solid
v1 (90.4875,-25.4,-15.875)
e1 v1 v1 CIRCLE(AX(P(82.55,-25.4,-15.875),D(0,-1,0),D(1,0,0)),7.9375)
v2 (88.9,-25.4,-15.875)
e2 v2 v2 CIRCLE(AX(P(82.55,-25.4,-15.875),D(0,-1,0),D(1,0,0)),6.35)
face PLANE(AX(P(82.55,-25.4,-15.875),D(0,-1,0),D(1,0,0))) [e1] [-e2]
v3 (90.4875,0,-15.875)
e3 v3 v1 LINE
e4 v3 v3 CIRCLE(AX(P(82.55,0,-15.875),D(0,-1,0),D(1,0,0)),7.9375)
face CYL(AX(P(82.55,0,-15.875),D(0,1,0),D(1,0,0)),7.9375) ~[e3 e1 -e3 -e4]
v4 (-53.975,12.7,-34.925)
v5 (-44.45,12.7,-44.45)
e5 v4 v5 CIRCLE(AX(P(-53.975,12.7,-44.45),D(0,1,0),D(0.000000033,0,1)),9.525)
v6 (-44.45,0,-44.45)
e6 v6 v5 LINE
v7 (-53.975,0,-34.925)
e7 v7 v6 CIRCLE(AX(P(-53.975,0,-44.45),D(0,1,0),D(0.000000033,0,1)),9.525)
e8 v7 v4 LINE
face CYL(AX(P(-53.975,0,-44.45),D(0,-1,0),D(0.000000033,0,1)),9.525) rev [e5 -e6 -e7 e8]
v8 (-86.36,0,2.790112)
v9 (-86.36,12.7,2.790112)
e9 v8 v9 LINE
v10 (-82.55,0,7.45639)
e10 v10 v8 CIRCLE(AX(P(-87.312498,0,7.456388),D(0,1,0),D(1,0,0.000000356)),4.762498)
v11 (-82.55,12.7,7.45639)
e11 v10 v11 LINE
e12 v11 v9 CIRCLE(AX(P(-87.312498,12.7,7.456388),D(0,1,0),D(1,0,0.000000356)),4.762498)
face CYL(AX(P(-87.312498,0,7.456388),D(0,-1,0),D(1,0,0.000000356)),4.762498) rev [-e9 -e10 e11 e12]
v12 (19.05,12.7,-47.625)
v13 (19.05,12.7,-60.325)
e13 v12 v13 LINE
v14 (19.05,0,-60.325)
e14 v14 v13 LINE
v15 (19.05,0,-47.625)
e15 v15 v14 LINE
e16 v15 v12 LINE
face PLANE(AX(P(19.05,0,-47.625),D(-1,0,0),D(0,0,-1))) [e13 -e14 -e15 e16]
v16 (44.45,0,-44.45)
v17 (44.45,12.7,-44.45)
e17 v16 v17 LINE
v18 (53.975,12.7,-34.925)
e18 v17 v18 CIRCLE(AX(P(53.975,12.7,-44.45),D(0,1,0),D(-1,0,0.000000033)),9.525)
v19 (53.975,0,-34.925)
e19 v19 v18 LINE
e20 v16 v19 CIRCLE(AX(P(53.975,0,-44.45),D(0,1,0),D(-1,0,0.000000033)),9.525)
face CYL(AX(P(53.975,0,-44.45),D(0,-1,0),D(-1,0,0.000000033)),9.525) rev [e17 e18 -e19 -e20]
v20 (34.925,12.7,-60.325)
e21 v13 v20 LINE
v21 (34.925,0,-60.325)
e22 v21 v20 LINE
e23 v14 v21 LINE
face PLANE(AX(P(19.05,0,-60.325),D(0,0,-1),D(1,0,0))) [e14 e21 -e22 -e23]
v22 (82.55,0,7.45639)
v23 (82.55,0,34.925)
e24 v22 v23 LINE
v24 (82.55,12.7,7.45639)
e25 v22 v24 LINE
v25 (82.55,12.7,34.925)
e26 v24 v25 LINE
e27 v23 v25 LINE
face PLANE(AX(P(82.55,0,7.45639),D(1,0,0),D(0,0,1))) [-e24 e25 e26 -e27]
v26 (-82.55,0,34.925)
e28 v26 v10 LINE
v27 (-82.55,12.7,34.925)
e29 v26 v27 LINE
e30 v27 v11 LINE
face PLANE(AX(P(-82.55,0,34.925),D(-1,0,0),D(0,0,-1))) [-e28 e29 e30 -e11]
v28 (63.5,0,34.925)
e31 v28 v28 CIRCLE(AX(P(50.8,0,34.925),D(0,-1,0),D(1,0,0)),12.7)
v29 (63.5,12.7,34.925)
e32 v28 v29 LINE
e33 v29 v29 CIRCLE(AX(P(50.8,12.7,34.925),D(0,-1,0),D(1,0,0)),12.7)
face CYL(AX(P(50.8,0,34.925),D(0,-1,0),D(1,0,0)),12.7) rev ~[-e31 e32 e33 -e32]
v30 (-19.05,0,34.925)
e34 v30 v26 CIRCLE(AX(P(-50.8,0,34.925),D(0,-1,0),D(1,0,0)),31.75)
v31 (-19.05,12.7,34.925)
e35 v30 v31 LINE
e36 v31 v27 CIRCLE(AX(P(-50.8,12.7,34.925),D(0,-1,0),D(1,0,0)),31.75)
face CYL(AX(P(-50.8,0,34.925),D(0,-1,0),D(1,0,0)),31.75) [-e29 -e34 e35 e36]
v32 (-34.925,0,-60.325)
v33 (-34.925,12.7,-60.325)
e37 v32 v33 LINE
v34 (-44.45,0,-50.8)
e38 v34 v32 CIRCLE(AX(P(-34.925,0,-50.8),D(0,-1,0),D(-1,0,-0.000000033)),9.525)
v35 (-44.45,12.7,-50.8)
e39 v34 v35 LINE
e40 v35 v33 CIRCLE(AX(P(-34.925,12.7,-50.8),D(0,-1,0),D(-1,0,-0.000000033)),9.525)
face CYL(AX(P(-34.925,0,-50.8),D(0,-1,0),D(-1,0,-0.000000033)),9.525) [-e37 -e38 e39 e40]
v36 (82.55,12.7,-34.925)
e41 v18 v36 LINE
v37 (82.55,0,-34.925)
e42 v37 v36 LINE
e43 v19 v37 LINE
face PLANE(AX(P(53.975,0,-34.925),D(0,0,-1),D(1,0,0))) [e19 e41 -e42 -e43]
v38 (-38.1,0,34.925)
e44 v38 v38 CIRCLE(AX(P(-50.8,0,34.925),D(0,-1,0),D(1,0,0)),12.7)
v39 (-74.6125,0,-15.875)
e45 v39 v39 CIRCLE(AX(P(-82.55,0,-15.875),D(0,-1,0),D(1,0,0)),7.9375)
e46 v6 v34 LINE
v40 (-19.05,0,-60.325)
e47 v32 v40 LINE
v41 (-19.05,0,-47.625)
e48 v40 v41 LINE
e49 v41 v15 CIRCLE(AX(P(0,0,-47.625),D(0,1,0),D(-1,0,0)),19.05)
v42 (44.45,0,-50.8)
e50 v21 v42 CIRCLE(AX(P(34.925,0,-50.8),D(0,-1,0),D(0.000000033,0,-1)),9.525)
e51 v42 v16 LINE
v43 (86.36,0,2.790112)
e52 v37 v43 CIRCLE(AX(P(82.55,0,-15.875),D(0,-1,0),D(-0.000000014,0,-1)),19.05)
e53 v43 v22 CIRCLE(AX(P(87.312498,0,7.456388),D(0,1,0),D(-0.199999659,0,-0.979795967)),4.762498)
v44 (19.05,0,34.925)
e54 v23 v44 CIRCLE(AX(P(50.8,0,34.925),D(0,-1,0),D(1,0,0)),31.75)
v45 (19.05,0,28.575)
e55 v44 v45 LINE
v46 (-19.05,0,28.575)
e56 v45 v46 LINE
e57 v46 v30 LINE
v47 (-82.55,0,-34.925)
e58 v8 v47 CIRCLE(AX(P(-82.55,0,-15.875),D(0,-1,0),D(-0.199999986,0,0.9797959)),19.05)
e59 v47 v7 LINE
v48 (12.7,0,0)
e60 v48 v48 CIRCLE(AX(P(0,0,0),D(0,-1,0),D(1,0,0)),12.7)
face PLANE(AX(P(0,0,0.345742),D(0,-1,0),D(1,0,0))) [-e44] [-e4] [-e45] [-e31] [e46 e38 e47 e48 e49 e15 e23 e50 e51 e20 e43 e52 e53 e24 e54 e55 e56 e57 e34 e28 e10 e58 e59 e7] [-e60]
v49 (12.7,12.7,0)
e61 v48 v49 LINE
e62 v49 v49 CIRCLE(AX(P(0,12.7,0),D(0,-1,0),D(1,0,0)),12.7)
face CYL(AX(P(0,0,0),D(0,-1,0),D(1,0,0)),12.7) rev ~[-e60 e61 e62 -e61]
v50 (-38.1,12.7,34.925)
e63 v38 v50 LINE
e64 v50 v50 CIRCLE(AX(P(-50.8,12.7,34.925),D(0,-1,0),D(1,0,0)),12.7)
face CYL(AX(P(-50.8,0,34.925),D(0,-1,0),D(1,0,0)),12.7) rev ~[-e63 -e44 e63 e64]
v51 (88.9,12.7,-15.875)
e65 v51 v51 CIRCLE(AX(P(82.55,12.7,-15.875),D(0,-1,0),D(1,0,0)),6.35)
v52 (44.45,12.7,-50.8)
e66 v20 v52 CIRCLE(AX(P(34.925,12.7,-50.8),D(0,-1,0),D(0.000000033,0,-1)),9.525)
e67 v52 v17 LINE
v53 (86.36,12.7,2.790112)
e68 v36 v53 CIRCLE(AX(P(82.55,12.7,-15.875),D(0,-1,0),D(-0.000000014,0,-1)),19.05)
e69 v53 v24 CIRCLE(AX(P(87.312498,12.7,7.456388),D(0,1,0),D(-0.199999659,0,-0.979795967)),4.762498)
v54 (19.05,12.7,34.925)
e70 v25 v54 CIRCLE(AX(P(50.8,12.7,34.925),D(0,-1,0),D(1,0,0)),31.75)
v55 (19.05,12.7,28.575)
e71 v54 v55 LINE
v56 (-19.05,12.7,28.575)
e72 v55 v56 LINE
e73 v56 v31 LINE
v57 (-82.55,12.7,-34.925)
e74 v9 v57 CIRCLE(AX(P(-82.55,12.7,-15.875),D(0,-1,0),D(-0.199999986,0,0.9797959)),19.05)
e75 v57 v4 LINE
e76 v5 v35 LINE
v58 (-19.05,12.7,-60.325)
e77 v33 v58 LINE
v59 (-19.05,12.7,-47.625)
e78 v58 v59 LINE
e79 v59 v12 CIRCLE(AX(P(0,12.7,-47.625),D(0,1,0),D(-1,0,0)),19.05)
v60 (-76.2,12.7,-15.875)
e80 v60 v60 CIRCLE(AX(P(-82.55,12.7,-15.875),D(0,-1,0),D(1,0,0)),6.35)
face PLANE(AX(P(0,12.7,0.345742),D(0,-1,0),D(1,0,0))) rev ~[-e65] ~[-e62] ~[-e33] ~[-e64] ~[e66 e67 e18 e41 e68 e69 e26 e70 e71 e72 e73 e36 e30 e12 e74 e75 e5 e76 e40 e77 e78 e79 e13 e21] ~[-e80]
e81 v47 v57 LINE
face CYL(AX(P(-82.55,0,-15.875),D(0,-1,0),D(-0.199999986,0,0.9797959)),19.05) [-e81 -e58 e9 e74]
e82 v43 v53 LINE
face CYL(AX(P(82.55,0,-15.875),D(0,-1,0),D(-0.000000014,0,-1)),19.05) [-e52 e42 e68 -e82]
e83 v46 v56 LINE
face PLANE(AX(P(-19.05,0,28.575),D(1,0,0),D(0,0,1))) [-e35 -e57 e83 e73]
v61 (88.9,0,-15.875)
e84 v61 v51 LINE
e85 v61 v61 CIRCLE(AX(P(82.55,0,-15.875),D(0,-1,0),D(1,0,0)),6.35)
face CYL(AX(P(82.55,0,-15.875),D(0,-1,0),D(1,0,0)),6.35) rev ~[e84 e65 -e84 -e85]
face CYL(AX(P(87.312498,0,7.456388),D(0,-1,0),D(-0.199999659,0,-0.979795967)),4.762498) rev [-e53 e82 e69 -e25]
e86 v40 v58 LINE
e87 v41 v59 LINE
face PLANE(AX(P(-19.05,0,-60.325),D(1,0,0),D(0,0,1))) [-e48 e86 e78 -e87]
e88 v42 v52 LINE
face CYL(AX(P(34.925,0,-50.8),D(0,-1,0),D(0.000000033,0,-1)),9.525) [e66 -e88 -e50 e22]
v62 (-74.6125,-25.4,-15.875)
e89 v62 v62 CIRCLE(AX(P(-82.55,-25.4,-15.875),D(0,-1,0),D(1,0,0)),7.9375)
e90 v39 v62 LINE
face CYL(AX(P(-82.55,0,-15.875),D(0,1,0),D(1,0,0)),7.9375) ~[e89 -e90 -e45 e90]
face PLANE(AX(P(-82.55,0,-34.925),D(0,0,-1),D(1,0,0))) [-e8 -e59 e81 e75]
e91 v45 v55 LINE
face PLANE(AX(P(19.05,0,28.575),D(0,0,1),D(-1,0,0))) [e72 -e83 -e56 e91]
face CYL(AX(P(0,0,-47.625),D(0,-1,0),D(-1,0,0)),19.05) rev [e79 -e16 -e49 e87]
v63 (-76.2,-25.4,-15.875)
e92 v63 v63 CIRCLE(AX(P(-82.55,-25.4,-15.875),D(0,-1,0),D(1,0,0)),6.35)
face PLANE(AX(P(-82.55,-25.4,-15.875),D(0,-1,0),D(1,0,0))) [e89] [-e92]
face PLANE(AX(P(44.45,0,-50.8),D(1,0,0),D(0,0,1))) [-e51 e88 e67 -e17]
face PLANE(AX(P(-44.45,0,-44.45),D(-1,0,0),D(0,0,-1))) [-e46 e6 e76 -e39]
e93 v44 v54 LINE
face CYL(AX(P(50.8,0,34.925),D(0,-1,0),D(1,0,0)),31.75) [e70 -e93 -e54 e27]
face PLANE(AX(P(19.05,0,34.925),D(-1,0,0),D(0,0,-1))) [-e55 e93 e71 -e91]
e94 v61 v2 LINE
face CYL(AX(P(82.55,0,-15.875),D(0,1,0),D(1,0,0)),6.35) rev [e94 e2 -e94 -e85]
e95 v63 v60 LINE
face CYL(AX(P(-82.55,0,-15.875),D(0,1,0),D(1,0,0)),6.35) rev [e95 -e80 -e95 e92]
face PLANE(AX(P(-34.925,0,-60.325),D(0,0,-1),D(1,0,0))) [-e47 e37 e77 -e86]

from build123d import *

# Parameters (mm, degrees)
F0_R     = 7.9375
F0_R_2   = 12.7
F0_R_3   = 6.35
F1_DEPTH = 12.7
F2_DEPTH = 25.4


with BuildPart() as f1:
    # F0 (on Front) → F1 (new body)
    with BuildSketch(Plane.XZ):
        with BuildLine():
            Line((19.05, 34.925), (19.05, 28.575))
            Line((19.05, 28.575), (-19.05, 28.575))
            Line((-19.05, 28.575), (-19.05, 34.925))
            ThreePointArc((-19.05, 34.925), (-50.8, 66.675), (-82.55, 34.925))
            Line((-82.55, 34.925), (-82.55, 7.45639))
            ThreePointArc((-82.55, 7.45639), (-83.623483, 4.44432), (-86.36, 2.790112))
            ThreePointArc((-86.36, 2.790112), (-101.503534, -17.789696), (-82.55, -34.925))
            Line((-82.55, -34.925), (-53.975, -34.925))
            ThreePointArc((-53.975, -34.925), (-47.239808, -37.714808), (-44.45, -44.45))
            Line((-44.45, -44.45), (-44.45, -50.8))
            ThreePointArc((-44.45, -50.8), (-41.660192, -57.535192), (-34.925, -60.325))
            Line((-34.925, -60.325), (-19.05, -60.325))
            Line((-19.05, -60.325), (-19.05, -47.625))
            ThreePointArc((-19.05, -47.625), (0, -28.575), (19.05, -47.625))
            Line((19.05, -47.625), (19.05, -60.325))
            Line((19.05, -60.325), (34.925, -60.325))
            ThreePointArc((34.925, -60.325), (41.660192, -57.535192), (44.45, -50.8))
            Line((44.45, -50.8), (44.45, -44.45))
            ThreePointArc((44.45, -44.45), (47.239808, -37.714808), (53.975, -34.925))
            Line((53.975, -34.925), (82.55, -34.925))
            ThreePointArc((82.55, -34.925), (101.503534, -17.789696), (86.36, 2.790112))
            ThreePointArc((86.36, 2.790112), (83.623483, 4.44432), (82.55, 7.45639))
            Line((82.55, 7.45639), (82.55, 34.925))
            ThreePointArc((82.55, 34.925), (50.8, 66.675), (19.05, 34.925))
        make_face()
        with Locations((-82.55, -15.875)):
            Circle(F0_R, mode=Mode.SUBTRACT)
        Circle(F0_R_2, mode=Mode.SUBTRACT)
        with Locations((82.55, -15.875)):
            Circle(F0_R, mode=Mode.SUBTRACT)
        with Locations((-50.8, 34.925)):
            Circle(F0_R_2, mode=Mode.SUBTRACT)
        with Locations((50.8, 34.925)):
            Circle(F0_R_2, mode=Mode.SUBTRACT)
        with Locations((82.55, -15.875)):
            Circle(F0_R)
        with Locations((82.55, -15.875)):
            Circle(F0_R_3, mode=Mode.SUBTRACT)
        with Locations((-82.55, -15.875)):
            Circle(F0_R)
        with Locations((-82.55, -15.875)):
            Circle(F0_R_3, mode=Mode.SUBTRACT)
    extrude(amount=-F1_DEPTH)

    # F0 (on Front) → F2 (join)
    with BuildSketch(Plane.XZ):
        with Locations((-82.55, -15.875)):
            Circle(F0_R)
        with Locations((-82.55, -15.875)):
            Circle(F0_R_3, mode=Mode.SUBTRACT)
        with Locations((82.55, -15.875)):
            Circle(F0_R)
        with Locations((82.55, -15.875)):
            Circle(F0_R_3, mode=Mode.SUBTRACT)
    extrude(amount=F2_DEPTH)


solid = f1.part
